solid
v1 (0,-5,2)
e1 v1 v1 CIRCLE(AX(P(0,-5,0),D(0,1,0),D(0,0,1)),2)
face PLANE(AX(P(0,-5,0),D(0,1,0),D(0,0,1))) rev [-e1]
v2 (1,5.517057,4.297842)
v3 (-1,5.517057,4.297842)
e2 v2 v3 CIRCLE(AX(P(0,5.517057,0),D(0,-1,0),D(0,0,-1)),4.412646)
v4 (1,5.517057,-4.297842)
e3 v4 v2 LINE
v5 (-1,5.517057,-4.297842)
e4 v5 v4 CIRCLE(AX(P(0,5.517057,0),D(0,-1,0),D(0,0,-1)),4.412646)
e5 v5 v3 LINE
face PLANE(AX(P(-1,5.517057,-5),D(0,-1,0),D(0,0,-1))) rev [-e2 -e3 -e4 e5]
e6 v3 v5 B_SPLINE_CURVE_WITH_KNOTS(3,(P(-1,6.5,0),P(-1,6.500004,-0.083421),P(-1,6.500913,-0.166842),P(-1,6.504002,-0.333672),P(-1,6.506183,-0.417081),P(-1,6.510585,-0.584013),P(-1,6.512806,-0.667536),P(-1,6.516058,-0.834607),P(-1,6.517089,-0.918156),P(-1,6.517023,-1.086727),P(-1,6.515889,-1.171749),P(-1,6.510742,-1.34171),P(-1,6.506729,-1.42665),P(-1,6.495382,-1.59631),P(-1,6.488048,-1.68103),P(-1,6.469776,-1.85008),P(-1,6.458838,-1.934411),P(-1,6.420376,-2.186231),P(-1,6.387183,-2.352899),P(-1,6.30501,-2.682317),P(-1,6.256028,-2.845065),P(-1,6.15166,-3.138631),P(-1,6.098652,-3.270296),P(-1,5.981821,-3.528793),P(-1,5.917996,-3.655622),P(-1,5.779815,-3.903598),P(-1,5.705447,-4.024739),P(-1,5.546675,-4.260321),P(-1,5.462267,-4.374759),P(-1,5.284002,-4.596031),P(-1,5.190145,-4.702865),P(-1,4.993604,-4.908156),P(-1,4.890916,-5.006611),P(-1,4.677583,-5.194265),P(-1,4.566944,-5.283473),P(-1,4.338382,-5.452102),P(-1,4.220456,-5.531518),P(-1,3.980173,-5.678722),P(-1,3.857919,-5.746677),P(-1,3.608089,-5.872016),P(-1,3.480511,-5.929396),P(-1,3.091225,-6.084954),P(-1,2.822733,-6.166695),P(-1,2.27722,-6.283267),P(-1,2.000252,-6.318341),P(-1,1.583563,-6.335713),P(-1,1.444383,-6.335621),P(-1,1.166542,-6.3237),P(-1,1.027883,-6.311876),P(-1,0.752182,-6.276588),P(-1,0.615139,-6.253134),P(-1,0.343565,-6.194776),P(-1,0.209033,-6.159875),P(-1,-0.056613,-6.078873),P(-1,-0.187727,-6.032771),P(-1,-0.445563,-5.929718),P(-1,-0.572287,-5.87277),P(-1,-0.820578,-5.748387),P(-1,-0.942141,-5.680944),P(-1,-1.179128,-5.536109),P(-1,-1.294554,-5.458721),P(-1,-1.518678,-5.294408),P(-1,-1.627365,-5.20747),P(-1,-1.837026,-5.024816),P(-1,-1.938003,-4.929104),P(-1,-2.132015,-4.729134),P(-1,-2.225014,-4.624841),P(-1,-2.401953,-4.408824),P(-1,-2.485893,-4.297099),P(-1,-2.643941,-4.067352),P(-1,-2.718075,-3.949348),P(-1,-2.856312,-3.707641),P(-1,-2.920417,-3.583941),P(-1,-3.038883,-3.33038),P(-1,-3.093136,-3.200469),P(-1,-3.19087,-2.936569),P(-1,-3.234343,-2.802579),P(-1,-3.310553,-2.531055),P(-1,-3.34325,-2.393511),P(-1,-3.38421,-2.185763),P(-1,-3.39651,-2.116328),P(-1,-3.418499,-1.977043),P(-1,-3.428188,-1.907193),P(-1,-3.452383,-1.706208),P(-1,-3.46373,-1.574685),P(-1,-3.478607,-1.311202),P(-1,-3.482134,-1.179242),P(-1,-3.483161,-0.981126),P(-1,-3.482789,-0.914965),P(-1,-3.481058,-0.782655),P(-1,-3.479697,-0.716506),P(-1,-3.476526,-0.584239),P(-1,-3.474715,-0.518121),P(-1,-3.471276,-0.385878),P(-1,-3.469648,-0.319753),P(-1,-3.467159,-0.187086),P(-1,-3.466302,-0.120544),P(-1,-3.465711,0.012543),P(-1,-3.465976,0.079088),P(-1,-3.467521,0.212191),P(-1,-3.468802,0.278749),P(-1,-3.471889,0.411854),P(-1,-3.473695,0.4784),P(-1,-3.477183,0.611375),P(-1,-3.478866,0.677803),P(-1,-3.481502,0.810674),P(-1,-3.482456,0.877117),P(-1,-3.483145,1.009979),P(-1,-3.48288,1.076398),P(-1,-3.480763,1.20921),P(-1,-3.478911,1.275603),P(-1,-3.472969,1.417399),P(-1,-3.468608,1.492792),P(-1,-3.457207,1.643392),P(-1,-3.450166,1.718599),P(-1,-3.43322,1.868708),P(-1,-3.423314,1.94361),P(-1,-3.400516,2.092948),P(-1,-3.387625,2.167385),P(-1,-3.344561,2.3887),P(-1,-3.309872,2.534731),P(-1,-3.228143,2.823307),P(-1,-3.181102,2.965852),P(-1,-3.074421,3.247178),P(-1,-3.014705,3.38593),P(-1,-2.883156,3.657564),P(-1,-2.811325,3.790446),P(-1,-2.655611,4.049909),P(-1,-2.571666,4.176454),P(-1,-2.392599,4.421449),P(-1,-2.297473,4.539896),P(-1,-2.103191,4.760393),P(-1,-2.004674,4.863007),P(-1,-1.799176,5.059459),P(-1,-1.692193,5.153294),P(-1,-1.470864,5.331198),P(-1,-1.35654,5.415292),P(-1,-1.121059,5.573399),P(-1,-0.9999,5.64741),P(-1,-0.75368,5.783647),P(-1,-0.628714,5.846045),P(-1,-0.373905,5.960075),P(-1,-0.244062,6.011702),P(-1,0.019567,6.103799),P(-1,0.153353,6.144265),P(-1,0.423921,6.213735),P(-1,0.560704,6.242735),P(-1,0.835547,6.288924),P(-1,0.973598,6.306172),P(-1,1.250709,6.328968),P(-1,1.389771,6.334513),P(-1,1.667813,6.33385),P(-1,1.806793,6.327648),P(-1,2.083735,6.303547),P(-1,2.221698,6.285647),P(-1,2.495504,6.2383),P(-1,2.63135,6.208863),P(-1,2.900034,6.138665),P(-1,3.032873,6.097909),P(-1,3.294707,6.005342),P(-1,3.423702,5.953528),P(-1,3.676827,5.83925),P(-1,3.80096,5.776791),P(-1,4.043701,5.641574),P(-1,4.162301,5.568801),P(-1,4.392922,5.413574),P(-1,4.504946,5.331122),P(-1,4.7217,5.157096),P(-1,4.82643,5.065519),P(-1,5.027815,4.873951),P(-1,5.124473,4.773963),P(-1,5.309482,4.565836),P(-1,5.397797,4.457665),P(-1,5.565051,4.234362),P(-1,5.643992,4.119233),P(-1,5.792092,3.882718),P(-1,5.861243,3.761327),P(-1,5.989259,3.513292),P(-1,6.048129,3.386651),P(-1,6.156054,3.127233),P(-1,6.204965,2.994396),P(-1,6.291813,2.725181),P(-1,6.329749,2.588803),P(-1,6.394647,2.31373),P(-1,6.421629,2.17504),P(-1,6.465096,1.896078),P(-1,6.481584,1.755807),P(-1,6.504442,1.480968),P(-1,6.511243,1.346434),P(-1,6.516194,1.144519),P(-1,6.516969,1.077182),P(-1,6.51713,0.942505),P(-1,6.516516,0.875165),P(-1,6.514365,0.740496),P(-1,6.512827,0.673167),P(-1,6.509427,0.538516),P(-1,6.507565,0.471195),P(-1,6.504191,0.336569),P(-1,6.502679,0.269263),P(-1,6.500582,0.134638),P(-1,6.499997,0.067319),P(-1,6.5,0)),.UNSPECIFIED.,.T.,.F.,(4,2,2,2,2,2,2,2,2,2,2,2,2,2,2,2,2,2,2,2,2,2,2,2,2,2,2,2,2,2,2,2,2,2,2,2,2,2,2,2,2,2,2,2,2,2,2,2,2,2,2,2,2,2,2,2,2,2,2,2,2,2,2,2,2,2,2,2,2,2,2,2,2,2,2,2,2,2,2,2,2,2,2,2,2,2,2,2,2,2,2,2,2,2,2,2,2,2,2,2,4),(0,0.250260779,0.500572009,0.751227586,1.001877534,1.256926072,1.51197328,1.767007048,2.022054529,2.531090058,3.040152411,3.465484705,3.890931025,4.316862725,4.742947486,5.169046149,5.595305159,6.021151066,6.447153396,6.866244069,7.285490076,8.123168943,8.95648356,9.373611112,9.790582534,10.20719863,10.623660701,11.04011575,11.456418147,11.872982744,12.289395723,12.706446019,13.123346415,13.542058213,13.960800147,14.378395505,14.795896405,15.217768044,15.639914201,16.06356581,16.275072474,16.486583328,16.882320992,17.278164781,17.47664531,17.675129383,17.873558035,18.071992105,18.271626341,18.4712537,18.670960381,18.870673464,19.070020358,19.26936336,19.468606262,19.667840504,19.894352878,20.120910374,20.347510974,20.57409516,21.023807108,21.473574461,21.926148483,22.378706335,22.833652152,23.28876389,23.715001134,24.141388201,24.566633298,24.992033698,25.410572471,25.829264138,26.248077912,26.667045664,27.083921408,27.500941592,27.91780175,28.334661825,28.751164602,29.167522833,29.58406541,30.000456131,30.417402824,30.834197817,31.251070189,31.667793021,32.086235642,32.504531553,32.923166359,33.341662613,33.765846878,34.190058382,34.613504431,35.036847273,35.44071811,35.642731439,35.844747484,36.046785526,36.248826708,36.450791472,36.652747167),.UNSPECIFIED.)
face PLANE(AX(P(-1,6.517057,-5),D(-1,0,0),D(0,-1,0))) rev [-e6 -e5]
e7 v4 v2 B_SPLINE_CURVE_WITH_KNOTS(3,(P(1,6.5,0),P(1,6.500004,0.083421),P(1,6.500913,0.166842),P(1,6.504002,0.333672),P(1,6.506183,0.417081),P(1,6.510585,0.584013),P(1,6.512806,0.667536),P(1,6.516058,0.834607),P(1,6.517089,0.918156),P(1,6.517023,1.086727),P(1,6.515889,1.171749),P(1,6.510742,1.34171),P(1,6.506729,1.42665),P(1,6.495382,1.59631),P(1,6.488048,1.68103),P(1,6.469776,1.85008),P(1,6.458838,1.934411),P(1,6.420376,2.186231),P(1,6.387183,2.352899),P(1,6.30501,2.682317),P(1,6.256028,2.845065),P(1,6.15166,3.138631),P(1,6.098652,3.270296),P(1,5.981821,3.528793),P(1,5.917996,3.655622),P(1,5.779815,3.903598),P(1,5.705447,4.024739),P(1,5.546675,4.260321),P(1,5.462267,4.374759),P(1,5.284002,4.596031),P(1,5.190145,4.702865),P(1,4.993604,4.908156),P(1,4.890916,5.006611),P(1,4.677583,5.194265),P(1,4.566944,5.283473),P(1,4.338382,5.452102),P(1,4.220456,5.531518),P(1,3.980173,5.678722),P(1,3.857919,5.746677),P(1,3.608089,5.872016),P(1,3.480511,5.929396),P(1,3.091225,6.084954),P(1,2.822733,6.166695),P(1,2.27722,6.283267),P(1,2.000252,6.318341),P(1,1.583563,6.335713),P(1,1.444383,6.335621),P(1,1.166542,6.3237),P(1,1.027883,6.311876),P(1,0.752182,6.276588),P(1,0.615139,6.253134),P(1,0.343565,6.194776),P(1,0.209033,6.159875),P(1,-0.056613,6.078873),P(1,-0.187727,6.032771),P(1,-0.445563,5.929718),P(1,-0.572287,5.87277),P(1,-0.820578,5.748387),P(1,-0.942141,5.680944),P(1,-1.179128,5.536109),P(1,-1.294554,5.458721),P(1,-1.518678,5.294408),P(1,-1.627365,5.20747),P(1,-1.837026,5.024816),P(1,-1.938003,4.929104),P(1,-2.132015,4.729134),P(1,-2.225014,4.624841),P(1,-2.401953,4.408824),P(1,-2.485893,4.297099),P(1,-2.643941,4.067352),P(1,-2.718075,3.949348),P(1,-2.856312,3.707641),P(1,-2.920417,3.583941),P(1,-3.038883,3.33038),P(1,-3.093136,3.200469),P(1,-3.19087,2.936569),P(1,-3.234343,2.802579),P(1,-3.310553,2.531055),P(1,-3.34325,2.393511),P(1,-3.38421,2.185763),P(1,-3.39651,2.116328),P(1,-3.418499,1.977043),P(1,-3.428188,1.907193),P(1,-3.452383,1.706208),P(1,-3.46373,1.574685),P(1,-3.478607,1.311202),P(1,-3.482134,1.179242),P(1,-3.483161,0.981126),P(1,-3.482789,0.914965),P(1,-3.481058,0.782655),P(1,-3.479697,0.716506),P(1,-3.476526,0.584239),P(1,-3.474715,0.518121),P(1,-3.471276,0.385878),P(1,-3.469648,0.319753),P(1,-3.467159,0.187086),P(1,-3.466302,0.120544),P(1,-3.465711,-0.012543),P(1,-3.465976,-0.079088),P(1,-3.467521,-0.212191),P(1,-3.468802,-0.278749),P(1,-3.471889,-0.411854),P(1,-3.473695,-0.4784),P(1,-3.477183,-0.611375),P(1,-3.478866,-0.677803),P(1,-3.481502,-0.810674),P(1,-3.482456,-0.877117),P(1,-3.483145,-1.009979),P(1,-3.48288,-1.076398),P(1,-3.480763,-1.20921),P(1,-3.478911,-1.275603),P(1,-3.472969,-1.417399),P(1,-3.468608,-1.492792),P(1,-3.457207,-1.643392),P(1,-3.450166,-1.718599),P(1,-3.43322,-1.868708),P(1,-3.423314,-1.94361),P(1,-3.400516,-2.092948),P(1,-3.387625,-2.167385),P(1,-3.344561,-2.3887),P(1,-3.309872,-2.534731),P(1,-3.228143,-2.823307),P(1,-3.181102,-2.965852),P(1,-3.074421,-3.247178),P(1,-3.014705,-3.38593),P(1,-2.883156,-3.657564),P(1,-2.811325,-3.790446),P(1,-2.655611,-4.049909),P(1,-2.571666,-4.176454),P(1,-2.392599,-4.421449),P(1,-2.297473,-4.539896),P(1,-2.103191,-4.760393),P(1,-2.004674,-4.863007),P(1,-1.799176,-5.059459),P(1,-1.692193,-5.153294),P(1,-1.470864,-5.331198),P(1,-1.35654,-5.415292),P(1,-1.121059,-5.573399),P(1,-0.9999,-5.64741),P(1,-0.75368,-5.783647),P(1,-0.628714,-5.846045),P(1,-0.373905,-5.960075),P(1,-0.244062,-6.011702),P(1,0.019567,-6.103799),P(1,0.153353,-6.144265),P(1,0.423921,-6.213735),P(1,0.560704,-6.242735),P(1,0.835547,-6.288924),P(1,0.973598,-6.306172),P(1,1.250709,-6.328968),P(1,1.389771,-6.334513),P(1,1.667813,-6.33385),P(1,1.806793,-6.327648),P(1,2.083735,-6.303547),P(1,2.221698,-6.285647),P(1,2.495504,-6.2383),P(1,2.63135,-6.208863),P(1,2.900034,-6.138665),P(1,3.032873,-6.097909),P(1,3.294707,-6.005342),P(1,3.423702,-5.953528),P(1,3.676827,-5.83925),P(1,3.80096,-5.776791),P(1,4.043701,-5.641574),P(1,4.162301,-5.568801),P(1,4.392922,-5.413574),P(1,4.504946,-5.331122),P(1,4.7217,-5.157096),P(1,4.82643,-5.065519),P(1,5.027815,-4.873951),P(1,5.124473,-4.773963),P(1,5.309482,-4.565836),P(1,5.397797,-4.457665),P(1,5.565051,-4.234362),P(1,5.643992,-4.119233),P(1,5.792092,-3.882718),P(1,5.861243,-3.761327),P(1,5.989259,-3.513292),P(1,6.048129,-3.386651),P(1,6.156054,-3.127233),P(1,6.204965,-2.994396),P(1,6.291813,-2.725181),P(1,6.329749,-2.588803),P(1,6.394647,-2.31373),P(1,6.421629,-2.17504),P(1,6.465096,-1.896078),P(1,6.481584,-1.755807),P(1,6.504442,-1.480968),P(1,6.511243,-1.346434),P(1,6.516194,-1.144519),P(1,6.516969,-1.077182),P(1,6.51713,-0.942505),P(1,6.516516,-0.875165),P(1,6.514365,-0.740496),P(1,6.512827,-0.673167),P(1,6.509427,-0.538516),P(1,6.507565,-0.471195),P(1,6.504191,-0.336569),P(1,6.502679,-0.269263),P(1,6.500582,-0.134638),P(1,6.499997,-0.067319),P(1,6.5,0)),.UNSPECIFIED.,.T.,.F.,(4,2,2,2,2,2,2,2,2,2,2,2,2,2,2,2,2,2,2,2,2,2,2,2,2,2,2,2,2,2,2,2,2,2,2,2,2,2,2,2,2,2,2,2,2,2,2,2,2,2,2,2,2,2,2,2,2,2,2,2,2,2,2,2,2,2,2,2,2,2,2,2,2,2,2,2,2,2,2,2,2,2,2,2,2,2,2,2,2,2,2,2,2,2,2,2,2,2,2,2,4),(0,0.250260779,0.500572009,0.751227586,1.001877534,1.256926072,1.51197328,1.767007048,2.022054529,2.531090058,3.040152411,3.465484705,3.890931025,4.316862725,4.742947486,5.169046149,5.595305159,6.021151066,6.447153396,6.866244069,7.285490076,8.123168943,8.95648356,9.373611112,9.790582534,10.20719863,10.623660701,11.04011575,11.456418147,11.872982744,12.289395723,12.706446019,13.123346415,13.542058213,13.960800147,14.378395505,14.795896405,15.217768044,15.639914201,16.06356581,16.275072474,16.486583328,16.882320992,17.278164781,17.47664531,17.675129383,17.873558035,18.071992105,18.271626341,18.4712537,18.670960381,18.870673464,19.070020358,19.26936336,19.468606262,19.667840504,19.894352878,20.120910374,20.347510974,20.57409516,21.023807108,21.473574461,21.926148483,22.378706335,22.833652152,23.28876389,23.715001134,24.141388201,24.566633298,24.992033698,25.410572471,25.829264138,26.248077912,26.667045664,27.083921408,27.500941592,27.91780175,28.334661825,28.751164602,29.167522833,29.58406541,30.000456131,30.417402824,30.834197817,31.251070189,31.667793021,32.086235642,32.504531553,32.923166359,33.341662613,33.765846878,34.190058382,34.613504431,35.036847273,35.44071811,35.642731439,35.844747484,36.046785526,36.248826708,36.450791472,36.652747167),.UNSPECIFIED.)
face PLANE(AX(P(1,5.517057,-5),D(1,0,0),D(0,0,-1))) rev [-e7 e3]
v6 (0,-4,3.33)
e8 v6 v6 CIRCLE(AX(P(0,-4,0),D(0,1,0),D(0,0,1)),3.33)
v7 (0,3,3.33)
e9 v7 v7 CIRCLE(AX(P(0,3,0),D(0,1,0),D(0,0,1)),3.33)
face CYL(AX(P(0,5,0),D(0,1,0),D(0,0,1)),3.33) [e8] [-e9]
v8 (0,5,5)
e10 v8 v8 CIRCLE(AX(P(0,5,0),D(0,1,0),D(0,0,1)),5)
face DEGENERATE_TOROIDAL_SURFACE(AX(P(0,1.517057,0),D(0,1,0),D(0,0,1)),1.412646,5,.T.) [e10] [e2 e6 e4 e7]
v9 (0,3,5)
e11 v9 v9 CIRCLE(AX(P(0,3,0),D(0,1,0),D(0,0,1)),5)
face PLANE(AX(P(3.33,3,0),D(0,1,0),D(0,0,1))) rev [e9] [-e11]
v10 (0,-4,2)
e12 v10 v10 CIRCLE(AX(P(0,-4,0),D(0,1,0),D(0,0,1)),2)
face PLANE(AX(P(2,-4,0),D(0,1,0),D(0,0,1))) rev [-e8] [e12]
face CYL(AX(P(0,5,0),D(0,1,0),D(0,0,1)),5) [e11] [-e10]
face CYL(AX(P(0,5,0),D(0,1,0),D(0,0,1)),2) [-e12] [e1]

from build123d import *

# Parameters (mm, degrees)
SKETCH2_R           = 1
BOSS_EXTRUDE1_DEPTH = 1
SKETCH3_W           = 2
SKETCH3_H           = 1
CUT_EXTRUDE1_DEPTH  = 5


with BuildPart() as part:
    # Sketch1 → Revolve1 (revolve)
    with BuildSketch(Plane.XY):
        with BuildLine():
            Line((0, 5), (0, -5))
            Line((0, -5), (2, -5))
            Line((2, -5), (2, -4))
            Line((2, -4), (3.33, -4))
            Line((3.33, -4), (3.33, 3))
            Line((3.33, 3), (5, 3))
            Line((5, 3), (5, 5))
            ThreePointArc((5, 5), (3.168263504, 6.198702678), (1, 6.5))
            Line((1, 6.5), (1, 5.5))
            Line((1, 5.5), (0, 5.5))
            Line((0, 5.5), (0, 5))
        make_face()
    revolve(axis=Axis((0, 5, 0), (0, -1, 0)))

    # Sketch2 → Boss-Extrude1 (add)
    with BuildSketch(Plane(origin=(0, 5.5, 0), x_dir=(1, 0, 0), z_dir=(0, 1, 0))):
        Circle(SKETCH2_R)
    extrude(amount=BOSS_EXTRUDE1_DEPTH)

    # Sketch3 → Cut-Extrude1 (cut, symmetric)
    with BuildSketch(Plane.XY):
        with Locations((0, 6.01705679)):
            Rectangle(SKETCH3_W, SKETCH3_H)
    extrude(amount=CUT_EXTRUDE1_DEPTH, both=True, mode=Mode.SUBTRACT)


solid = part.part
